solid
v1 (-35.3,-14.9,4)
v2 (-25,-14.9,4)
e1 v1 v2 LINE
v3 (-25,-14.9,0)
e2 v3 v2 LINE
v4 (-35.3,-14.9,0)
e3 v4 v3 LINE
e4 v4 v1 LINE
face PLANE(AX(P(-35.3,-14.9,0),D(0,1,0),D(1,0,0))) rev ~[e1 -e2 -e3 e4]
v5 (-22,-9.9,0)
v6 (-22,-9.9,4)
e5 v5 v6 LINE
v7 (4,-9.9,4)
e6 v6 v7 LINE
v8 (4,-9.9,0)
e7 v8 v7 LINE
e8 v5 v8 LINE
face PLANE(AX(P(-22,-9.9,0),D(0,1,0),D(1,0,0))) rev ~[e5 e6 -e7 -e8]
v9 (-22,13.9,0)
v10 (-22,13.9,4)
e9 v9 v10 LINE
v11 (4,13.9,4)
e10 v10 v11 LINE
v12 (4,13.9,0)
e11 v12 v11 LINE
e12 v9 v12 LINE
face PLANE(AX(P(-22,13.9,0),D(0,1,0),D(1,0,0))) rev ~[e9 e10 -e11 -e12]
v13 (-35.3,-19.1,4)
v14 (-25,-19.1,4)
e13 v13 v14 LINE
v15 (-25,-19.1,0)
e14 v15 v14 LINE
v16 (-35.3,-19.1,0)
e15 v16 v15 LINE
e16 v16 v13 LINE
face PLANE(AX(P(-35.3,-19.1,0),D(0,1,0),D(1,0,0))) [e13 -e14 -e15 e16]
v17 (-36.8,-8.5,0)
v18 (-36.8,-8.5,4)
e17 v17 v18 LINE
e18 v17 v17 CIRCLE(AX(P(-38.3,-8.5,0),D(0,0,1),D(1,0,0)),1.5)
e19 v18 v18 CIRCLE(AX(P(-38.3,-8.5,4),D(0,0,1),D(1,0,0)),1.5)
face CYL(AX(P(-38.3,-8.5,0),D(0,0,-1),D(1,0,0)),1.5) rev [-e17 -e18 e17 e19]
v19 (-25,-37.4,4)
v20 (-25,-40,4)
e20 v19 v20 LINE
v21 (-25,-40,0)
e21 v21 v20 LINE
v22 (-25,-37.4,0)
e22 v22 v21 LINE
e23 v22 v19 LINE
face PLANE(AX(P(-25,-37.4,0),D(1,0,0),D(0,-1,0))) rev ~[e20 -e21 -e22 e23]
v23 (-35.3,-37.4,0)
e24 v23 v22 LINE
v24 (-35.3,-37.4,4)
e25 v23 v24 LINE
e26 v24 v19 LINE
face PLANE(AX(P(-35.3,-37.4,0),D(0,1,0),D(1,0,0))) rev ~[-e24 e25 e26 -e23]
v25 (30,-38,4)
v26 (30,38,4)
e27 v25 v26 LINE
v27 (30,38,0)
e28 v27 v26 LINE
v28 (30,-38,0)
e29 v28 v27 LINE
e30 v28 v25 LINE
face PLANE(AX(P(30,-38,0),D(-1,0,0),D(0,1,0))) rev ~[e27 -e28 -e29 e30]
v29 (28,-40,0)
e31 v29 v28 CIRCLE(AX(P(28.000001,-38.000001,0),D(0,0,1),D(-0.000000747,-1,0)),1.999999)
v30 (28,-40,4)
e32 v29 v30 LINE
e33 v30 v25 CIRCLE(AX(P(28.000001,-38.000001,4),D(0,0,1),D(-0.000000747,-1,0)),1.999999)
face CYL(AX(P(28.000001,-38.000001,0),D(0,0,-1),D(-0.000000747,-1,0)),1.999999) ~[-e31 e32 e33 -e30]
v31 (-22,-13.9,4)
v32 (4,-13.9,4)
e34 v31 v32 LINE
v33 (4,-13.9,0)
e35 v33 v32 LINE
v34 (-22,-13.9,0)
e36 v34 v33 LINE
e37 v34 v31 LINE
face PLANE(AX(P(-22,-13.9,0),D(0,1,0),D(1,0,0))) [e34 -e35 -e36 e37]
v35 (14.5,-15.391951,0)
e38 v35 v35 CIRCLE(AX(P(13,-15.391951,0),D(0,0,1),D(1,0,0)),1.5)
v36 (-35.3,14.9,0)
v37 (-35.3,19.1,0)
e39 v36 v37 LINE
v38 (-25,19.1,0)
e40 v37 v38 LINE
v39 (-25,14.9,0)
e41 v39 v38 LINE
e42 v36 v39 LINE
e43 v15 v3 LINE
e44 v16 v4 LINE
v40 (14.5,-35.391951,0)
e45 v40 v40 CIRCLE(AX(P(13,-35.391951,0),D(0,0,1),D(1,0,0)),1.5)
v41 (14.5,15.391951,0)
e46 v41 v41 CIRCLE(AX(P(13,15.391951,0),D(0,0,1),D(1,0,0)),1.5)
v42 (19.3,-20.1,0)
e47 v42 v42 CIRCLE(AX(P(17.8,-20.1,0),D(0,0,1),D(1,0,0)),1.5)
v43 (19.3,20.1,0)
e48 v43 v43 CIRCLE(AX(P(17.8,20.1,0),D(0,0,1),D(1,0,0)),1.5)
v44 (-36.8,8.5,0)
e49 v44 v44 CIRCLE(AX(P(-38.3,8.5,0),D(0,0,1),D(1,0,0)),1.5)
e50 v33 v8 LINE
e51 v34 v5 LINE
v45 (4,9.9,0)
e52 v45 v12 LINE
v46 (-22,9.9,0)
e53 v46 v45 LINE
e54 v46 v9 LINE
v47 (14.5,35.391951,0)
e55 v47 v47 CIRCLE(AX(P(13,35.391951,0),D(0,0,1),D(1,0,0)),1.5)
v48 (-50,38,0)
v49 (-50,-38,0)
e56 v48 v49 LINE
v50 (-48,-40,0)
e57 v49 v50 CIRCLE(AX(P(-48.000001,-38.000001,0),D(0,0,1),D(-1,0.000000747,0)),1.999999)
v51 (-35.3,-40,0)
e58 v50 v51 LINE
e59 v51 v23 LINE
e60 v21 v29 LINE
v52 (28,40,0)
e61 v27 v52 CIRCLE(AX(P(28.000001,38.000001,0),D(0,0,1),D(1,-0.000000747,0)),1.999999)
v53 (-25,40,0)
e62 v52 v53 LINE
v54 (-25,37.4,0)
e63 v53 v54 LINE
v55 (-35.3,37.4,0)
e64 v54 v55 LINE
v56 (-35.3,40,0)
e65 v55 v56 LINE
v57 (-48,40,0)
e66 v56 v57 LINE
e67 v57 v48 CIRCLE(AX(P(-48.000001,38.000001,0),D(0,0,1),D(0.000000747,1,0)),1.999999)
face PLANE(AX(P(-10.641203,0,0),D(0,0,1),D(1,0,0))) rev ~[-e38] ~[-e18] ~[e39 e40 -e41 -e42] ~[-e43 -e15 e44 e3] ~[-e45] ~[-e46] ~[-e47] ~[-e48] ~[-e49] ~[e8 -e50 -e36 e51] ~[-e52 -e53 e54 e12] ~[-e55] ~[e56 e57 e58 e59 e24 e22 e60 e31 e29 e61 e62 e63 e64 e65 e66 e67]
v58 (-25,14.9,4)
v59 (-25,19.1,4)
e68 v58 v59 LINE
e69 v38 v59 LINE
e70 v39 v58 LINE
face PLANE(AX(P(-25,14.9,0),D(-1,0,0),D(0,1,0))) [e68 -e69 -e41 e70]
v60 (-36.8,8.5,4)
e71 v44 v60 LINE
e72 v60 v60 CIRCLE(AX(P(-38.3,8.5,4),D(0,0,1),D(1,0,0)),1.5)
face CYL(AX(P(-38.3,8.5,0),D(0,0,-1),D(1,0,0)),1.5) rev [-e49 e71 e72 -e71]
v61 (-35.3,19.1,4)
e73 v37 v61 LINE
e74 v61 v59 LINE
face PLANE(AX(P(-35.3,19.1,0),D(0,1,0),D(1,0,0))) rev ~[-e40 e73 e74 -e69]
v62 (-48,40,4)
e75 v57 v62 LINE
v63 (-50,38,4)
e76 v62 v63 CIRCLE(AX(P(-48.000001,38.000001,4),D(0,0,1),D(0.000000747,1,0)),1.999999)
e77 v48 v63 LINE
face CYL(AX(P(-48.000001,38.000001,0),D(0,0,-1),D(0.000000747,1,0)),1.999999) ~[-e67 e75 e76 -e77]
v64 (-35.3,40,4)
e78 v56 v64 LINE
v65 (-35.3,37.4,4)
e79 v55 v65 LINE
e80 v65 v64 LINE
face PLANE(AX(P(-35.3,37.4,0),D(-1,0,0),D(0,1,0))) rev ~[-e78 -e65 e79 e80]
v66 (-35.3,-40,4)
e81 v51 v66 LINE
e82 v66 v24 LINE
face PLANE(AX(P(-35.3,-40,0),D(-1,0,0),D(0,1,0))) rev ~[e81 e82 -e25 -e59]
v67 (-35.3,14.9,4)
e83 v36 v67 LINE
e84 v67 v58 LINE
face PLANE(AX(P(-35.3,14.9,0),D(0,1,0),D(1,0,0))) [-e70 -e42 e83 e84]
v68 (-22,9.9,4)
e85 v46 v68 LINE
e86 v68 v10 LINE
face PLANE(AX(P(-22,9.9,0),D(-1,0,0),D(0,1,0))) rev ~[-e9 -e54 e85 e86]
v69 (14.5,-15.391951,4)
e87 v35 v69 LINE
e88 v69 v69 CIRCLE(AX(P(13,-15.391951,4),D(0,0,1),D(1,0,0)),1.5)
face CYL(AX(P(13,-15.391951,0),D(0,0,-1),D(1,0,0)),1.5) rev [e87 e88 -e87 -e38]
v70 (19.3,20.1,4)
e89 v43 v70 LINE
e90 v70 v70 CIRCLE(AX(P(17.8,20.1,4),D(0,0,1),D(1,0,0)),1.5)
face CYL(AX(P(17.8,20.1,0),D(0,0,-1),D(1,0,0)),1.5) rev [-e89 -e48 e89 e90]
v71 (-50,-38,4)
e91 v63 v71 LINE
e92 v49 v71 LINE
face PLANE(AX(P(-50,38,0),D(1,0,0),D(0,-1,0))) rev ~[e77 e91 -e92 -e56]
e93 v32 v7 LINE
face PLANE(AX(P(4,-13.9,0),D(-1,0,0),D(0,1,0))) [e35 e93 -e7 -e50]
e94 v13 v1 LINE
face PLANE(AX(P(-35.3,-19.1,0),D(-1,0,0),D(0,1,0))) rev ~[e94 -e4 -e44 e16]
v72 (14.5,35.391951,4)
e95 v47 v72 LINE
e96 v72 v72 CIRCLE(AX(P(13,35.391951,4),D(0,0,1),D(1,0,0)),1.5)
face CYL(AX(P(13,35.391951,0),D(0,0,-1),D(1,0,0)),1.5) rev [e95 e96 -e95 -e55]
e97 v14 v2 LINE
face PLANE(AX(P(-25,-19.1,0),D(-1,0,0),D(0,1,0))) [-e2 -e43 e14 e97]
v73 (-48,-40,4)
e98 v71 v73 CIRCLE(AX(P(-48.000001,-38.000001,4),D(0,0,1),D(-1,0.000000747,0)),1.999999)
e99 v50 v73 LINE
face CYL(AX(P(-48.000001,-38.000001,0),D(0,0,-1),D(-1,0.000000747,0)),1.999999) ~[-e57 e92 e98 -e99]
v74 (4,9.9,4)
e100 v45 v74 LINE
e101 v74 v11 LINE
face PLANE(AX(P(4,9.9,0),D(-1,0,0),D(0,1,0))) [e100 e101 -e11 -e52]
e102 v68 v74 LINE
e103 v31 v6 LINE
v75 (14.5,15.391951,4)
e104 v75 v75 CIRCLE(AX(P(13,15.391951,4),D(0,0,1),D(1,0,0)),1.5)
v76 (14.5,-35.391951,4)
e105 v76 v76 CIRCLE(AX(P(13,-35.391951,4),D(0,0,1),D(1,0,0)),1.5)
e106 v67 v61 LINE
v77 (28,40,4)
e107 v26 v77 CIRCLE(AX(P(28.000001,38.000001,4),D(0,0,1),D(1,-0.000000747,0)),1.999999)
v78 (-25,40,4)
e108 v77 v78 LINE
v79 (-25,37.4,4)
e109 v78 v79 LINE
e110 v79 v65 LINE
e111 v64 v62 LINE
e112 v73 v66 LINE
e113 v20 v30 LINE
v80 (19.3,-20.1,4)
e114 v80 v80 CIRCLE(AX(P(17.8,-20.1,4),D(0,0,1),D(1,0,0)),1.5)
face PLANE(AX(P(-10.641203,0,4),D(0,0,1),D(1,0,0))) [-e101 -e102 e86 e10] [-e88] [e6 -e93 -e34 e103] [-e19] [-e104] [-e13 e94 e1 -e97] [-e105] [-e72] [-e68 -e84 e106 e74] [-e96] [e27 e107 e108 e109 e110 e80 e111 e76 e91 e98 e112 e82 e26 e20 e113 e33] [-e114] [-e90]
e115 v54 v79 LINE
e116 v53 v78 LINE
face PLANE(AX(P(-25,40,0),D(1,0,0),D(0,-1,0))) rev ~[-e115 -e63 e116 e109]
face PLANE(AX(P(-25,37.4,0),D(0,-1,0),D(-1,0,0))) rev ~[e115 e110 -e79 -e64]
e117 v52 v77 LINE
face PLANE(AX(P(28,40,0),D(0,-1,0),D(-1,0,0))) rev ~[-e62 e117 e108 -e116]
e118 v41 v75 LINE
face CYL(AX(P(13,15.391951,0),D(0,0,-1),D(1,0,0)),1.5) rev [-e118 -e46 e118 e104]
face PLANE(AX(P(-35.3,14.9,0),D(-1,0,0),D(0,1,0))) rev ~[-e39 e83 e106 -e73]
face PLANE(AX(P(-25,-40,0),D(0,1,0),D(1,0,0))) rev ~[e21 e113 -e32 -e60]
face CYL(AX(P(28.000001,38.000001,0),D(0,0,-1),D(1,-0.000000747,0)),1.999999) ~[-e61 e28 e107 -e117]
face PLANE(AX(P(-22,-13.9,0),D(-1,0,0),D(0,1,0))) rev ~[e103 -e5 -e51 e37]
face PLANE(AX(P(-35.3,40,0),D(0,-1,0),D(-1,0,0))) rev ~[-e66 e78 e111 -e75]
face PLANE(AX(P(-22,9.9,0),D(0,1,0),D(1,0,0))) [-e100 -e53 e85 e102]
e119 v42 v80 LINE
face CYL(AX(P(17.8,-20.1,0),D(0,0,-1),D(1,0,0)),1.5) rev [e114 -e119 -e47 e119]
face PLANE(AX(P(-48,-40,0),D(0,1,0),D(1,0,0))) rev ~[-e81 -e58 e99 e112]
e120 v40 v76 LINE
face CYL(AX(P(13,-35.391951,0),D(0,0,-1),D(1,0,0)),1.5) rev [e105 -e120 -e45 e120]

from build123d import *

# Parameters (mm, degrees)
F0_W     = 10.3
F0_H     = 4.2
F0_R     = 1.5
F0_W_2   = 26
F0_H_2   = 4
F1_DEPTH = 4


with BuildPart() as f1:
    # F0 (on Top) → F1 (new body)
    with BuildSketch(Plane.XY):
        with BuildLine():
            Line((-50, 38), (-50, 0))
            Line((-50, 0), (-50, -38))
            ThreePointArc((-50, -38), (-49.414214, -39.414214), (-48, -40))
            Line((-48, -40), (-35.3, -40))
            Line((-35.3, -40), (-35.3, -37.4))
            Line((-35.3, -37.4), (-25, -37.4))
            Line((-25, -37.4), (-25, -40))
            Line((-25, -40), (28, -40))
            ThreePointArc((28, -40), (29.414214, -39.414214), (30, -38))
            Line((30, -38), (30, 0))
            Line((30, 0), (30, 38))
            ThreePointArc((30, 38), (29.414214, 39.414214), (28, 40))
            Line((28, 40), (-25, 40))
            Line((-25, 40), (-25, 37.4))
            Line((-25, 37.4), (-35.3, 37.4))
            Line((-35.3, 37.4), (-35.3, 40))
            Line((-35.3, 40), (-48, 40))
            ThreePointArc((-48, 40), (-49.414214, 39.414214), (-50, 38))
        make_face()
        with Locations((-30.15, -17)):
            Rectangle(F0_W, F0_H, mode=Mode.SUBTRACT)
        with Locations((-38.3, -8.5)):
            Circle(F0_R, mode=Mode.SUBTRACT)
        with Locations((13, -35.391951)):
            Circle(F0_R, mode=Mode.SUBTRACT)
        with Locations((17.8, -20.1)):
            Circle(F0_R, mode=Mode.SUBTRACT)
        with Locations((-9, -11.9)):
            Rectangle(F0_W_2, F0_H_2, mode=Mode.SUBTRACT)
        with Locations((13, -15.391951)):
            Circle(F0_R, mode=Mode.SUBTRACT)
        with Locations((-38.3, 8.5)):
            Circle(F0_R, mode=Mode.SUBTRACT)
        with Locations((-30.15, 17)):
            Rectangle(F0_W, F0_H, mode=Mode.SUBTRACT)
        with Locations((-9, 11.9)):
            Rectangle(F0_W_2, F0_H_2, mode=Mode.SUBTRACT)
        with Locations((13, 15.391951)):
            Circle(F0_R, mode=Mode.SUBTRACT)
        with Locations((17.8, 20.1)):
            Circle(F0_R, mode=Mode.SUBTRACT)
        with Locations((13, 35.391951)):
            Circle(F0_R, mode=Mode.SUBTRACT)
    extrude(amount=F1_DEPTH)


solid = f1.part
